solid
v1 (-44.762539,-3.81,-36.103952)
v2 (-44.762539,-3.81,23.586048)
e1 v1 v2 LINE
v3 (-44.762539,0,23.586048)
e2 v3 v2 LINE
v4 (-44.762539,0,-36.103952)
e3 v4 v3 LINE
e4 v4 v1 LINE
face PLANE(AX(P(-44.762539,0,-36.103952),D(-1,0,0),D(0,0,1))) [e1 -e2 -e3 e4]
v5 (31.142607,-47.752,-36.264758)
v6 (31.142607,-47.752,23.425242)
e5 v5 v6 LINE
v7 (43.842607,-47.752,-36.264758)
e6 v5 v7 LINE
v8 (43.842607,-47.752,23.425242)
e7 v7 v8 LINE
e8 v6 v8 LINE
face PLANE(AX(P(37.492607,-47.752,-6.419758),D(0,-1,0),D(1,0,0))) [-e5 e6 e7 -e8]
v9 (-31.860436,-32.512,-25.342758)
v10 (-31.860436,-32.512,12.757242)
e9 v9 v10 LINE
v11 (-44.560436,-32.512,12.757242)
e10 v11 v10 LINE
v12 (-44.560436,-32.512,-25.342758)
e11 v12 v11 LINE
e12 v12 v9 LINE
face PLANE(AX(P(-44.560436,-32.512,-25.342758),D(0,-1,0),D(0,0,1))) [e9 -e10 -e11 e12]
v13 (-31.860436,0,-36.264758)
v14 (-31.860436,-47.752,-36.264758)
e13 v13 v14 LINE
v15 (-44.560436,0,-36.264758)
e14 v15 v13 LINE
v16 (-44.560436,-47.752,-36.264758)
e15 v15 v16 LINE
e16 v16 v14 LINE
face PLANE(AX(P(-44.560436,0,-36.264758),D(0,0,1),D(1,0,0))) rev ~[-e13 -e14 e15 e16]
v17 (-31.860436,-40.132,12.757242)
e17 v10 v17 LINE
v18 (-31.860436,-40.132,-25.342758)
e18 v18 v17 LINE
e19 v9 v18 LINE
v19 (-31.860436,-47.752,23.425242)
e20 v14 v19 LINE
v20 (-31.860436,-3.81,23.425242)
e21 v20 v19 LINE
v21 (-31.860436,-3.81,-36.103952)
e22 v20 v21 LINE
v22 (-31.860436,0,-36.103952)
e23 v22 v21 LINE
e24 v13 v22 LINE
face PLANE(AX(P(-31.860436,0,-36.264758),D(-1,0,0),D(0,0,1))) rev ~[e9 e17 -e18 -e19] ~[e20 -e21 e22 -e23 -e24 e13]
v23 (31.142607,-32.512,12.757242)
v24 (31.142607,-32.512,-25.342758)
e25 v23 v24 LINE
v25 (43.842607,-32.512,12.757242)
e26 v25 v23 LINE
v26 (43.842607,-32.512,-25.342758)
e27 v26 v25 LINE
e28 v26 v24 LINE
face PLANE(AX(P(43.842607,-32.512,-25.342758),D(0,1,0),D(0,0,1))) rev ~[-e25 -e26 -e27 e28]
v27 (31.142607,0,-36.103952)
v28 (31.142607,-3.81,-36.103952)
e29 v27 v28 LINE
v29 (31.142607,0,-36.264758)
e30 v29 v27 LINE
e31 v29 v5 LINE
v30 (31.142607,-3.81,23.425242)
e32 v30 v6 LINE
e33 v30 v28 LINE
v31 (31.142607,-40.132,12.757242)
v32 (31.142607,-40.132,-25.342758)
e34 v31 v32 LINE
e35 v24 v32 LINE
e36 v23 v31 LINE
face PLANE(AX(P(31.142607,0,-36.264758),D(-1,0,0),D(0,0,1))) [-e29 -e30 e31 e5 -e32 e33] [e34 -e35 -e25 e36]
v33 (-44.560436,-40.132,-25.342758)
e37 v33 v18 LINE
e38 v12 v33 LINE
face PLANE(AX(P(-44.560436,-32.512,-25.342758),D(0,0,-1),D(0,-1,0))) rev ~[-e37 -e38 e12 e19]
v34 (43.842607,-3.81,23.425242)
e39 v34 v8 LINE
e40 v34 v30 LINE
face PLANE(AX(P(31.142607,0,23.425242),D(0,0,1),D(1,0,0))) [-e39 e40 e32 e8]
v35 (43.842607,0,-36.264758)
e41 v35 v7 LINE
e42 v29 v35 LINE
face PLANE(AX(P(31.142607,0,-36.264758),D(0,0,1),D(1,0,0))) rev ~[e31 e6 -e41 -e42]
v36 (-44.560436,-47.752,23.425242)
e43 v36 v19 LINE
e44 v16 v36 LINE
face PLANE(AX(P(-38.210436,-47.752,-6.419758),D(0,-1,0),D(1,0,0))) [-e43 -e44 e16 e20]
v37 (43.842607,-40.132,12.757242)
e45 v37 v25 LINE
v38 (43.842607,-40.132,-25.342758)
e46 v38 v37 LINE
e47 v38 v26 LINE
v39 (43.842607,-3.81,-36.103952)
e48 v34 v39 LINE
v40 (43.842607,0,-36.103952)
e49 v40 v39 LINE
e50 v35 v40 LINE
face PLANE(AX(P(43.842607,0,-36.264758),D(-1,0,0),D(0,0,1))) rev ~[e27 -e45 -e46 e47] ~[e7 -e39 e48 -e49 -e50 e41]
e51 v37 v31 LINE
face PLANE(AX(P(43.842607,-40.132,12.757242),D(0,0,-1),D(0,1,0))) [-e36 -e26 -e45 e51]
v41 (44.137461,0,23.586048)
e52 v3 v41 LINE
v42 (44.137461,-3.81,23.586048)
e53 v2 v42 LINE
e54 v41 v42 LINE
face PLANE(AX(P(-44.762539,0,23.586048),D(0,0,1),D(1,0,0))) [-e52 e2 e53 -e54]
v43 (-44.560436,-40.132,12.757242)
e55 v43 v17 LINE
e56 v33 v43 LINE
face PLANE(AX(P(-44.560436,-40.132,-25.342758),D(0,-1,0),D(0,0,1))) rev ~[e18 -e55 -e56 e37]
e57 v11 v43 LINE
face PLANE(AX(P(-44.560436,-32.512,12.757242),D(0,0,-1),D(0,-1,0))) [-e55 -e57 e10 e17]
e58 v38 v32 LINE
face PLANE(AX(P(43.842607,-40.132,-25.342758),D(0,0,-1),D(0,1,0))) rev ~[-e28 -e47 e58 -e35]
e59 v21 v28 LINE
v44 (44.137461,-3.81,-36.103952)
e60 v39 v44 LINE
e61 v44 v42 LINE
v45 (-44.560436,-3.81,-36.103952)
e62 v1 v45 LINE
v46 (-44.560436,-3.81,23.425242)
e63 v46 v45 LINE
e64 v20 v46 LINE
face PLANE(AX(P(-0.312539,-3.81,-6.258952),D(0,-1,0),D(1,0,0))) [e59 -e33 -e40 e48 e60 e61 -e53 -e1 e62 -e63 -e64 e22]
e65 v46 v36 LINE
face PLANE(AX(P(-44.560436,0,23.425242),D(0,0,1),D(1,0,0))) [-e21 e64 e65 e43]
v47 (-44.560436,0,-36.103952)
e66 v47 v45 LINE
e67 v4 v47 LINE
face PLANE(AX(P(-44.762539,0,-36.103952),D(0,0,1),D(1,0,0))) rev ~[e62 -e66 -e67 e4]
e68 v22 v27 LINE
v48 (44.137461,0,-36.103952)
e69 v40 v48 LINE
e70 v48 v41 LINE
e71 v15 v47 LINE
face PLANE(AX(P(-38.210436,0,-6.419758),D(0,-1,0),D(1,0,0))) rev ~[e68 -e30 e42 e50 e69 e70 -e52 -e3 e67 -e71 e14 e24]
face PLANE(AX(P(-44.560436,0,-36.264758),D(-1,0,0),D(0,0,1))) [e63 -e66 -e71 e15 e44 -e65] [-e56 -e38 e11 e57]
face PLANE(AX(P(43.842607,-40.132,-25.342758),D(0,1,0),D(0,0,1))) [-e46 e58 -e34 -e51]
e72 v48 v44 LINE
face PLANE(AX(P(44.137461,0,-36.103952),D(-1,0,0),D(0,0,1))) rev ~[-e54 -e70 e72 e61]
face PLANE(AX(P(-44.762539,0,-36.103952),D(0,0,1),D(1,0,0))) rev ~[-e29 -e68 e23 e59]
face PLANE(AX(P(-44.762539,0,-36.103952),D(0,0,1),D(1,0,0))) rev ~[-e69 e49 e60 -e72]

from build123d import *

# Parameters (mm, degrees)
F0_W          = 88.9
F0_H          = 59.69
F1_DEPTH      = 3.81
F2_W          = 12.7
F2_H          = 59.69
F3_DEPTH      = 47.752
F4_W          = 7.62
F4_H          = 38.1
F5_DEPTH      = 25.4
F5_DEPTH_BACK = 25.4
F6_W          = 7.62
F6_H          = 38.1
F7_DEPTH      = 25.4
F7_DEPTH_BACK = 25.4


with BuildPart() as f1:
    # F0 (on Front) → F1 (new body)
    with BuildSketch(Plane.XZ):
        with Locations((-0.312539, -6.258952)):
            Rectangle(F0_W, F0_H)
    extrude(amount=F1_DEPTH)

    # F2 (on Front) → F3 (join)
    with BuildSketch(Plane.XZ):
        with Locations((-38.210436, -6.419758)):
            Rectangle(F2_W, F2_H)
        with Locations((37.492607, -6.419758)):
            Rectangle(F2_W, F2_H)
    extrude(amount=F3_DEPTH)

    # F4 (on face) → F5 (cut, two sides)
    with BuildSketch(Plane.YZ.offset(43.842607)) as f5_sk:
        with Locations((-36.322, -6.292758)):
            Rectangle(F4_W, F4_H)
    extrude(amount=-F5_DEPTH, mode=Mode.SUBTRACT)
    extrude(f5_sk.sketch, amount=-F5_DEPTH_BACK, mode=Mode.SUBTRACT)

    # F6 (on face) → F7 (cut, two sides)
    with BuildSketch(Plane(origin=(-44.560436, 0, 0), x_dir=(0, -1, 0), z_dir=(-1, 0, 0))) as f7_sk:
        with Locations((36.322, -6.292758)):
            Rectangle(F6_W, F6_H)
    extrude(amount=-F7_DEPTH, mode=Mode.SUBTRACT)
    extrude(f7_sk.sketch, amount=-F7_DEPTH_BACK, mode=Mode.SUBTRACT)


solid = f1.part
